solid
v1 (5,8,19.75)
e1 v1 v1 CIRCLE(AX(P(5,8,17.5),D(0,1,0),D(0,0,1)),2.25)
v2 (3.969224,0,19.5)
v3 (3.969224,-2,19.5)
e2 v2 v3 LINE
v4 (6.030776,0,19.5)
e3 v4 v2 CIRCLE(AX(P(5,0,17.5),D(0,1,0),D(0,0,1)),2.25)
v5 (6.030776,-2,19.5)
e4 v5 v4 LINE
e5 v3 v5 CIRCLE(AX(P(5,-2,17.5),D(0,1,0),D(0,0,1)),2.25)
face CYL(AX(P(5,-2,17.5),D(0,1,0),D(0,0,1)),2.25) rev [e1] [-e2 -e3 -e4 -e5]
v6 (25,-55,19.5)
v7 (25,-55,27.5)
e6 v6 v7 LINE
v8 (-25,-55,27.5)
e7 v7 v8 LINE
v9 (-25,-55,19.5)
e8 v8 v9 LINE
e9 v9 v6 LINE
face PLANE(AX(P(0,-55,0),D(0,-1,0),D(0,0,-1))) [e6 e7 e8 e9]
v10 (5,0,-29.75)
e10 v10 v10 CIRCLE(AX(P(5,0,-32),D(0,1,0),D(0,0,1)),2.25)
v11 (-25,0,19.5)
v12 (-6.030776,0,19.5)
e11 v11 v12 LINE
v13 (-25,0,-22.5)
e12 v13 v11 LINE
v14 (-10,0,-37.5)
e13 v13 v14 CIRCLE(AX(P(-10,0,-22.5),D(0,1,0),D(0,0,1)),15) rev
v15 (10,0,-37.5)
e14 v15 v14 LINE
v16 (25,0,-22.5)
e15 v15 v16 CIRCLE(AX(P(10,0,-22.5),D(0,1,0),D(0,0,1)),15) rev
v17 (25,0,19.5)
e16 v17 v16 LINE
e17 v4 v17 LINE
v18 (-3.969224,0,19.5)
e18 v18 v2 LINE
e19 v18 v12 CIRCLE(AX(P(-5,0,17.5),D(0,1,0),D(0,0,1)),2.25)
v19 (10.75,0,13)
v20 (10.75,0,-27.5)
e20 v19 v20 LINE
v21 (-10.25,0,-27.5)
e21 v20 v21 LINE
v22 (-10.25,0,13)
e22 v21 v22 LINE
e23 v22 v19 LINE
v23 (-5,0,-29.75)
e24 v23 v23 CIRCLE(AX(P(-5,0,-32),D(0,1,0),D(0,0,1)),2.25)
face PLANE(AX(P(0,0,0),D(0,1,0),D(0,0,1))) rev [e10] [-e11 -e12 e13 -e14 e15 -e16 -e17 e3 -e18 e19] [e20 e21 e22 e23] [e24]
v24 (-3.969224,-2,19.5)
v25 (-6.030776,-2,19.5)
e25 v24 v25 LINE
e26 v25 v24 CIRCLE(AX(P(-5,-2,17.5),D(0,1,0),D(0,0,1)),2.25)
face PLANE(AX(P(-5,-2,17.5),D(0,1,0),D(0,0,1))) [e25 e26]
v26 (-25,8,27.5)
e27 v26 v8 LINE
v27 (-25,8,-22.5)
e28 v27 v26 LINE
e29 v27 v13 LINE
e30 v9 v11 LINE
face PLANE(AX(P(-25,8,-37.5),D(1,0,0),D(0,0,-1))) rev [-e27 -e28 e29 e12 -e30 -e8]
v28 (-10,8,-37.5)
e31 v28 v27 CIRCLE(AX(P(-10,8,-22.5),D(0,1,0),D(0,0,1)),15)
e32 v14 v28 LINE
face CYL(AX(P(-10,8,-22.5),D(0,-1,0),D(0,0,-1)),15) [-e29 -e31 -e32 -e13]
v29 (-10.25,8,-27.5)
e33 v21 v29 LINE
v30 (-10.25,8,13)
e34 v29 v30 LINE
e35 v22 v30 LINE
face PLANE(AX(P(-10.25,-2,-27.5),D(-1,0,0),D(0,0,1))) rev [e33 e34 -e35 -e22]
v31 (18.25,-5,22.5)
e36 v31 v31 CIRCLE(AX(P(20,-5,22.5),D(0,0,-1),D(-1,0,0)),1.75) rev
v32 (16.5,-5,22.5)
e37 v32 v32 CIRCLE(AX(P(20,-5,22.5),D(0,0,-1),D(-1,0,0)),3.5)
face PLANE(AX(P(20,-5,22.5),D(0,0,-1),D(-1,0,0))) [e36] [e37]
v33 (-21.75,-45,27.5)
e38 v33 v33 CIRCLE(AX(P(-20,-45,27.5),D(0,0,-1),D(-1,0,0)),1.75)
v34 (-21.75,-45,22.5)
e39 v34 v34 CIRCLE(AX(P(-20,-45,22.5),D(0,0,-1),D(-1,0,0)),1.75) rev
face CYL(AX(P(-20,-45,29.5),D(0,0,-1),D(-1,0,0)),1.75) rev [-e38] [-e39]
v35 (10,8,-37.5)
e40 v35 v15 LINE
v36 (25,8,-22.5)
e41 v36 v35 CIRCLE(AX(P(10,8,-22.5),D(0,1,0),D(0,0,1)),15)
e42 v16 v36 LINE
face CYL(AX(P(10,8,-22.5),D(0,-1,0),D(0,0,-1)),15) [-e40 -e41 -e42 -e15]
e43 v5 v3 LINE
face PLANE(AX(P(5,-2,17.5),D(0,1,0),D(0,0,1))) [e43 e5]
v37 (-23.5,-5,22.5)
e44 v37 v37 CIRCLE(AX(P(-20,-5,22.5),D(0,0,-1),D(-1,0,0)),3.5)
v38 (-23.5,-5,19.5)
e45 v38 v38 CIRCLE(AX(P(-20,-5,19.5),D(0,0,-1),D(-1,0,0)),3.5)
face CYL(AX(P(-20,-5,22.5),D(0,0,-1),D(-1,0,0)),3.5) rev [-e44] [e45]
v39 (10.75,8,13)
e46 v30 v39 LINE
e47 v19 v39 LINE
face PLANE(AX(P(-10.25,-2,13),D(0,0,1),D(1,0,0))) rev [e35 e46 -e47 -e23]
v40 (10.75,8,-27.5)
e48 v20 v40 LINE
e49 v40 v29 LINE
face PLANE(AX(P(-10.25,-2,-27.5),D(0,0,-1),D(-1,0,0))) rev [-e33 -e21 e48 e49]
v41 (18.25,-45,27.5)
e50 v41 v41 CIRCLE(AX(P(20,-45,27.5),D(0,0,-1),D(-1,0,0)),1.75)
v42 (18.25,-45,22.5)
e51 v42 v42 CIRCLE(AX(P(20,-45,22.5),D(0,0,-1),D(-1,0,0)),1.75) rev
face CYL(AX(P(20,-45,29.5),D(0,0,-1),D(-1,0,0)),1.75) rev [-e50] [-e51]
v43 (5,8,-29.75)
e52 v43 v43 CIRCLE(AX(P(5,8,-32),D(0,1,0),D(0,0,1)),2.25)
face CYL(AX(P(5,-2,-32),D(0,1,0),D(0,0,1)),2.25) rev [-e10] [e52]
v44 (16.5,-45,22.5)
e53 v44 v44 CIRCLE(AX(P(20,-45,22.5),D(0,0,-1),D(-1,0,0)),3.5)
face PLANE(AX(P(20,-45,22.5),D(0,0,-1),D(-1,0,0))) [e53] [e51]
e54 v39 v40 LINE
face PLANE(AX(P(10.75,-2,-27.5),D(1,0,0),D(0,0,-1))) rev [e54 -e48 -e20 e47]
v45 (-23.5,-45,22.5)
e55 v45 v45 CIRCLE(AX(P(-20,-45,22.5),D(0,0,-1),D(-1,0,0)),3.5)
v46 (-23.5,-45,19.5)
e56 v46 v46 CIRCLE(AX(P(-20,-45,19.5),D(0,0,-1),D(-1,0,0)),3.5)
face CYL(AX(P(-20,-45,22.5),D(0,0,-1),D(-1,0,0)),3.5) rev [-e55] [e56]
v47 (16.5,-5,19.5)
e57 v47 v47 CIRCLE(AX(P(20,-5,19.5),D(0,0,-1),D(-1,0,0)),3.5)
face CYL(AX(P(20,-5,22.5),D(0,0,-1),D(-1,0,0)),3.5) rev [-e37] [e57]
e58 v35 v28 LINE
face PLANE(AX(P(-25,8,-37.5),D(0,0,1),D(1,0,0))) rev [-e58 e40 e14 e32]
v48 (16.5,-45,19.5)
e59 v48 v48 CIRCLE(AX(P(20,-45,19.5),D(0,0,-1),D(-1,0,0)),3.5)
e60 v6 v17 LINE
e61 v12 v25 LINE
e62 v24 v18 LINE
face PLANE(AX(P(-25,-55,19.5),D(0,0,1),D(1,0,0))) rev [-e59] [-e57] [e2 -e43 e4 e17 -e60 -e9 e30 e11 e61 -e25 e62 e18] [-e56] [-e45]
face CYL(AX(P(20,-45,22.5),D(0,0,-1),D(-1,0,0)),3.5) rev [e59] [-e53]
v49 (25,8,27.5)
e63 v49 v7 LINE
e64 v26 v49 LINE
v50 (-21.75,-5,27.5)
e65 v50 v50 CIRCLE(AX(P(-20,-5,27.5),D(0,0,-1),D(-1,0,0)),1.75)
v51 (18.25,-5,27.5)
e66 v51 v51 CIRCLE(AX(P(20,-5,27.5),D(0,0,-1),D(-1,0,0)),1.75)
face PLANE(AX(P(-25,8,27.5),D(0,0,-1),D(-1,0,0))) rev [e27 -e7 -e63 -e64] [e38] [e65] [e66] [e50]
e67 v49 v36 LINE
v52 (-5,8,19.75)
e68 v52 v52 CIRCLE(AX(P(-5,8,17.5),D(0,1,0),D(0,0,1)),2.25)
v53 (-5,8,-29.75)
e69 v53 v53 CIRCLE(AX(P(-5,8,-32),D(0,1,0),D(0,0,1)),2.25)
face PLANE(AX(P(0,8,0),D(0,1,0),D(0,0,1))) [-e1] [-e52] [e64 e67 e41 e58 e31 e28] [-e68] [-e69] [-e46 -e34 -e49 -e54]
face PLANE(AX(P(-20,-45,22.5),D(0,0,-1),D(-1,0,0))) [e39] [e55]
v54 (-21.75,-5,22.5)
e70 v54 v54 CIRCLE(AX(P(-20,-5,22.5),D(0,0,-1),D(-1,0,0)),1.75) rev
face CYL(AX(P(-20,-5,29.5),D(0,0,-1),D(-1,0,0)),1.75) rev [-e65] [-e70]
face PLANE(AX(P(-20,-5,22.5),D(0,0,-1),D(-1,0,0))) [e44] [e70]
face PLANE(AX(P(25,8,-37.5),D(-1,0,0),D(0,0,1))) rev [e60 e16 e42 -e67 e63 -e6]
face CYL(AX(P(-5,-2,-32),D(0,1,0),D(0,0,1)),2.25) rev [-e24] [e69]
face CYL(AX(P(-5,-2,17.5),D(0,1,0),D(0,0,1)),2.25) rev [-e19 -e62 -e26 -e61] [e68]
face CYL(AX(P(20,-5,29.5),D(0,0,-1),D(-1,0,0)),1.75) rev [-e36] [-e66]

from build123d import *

# Parameters (mm, degrees)
SKETCH2_W           = 50
SKETCH2_H           = 65
BOSS_EXTRUDE1_DEPTH = 8
SKETCH4_W           = 50
SKETCH4_H           = 8
BOSS_EXTRUDE2_DEPTH = 55
SKETCH6_R           = 1.75
CUT_EXTRUDE1_DEPTH  = 10
SKETCH7_R           = 3.5
CUT_EXTRUDE2_DEPTH  = 3
SKETCH9_W           = 21
SKETCH9_H           = 40.5
CUT_EXTRUDE3_DEPTH  = 10
SKETCH10_R          = 2.25
CUT_EXTRUDE4_DEPTH  = 10
FILLET1_R           = 15
FILLET2_R           = 15


with BuildPart() as part:
    # Sketch2 → Boss-Extrude1 (new body)
    with BuildSketch(Plane(origin=(0, 0, 0), x_dir=(1, 0, 0), z_dir=(0, 1, 0))):
        with Locations((0, 5)):
            Rectangle(SKETCH2_W, SKETCH2_H)
    extrude(amount=BOSS_EXTRUDE1_DEPTH)

    # Sketch4 → Boss-Extrude2 (add)
    with BuildSketch(Plane(origin=(0, 0, 0), x_dir=(-1, 0, 0), z_dir=(0, -1, 0))):
        with Locations((0, -23.5)):
            Rectangle(SKETCH4_W, SKETCH4_H)
    extrude(amount=BOSS_EXTRUDE2_DEPTH)

    # Sketch6 → Cut-Extrude1 (cut)
    with BuildSketch(Plane(origin=(0, 0, 19.5), x_dir=(-1, 0, 0), z_dir=(0, 0, -1))):
        with Locations((-20, -5)):
            Circle(SKETCH6_R)
        with Locations((20, -5)):
            Circle(SKETCH6_R)
        with Locations((-20, -45)):
            Circle(SKETCH6_R)
        with Locations((20, -45)):
            Circle(SKETCH6_R)
    extrude(amount=-CUT_EXTRUDE1_DEPTH, mode=Mode.SUBTRACT)

    # Sketch7 → Cut-Extrude2 (cut)
    with BuildSketch(Plane(origin=(0, 0, 19.5), x_dir=(-1, 0, 0), z_dir=(0, 0, -1))):
        with Locations((-20, -5)):
            Circle(SKETCH7_R)
        with Locations((20, -5)):
            Circle(SKETCH7_R)
        with Locations((20, -45)):
            Circle(SKETCH7_R)
        with Locations((-20, -45)):
            Circle(SKETCH7_R)
    extrude(amount=-CUT_EXTRUDE2_DEPTH, mode=Mode.SUBTRACT)

    # Sketch9 → Cut-Extrude3 (cut)
    with BuildSketch(Plane(origin=(0, 8, 0), x_dir=(1, 0, 0), z_dir=(0, 1, 0))):
        with Locations((0.25, 7.25)):
            Rectangle(SKETCH9_W, SKETCH9_H)
    extrude(amount=-CUT_EXTRUDE3_DEPTH, mode=Mode.SUBTRACT)

    # Sketch10 → Cut-Extrude4 (cut)
    with BuildSketch(Plane(origin=(0, 8, 0), x_dir=(1, 0, 0), z_dir=(0, 1, 0))):
        with Locations(Location((-5, 32, 0), (0, 0, 270))):
            Circle(SKETCH10_R)
        with Locations(Location((5, 32, 0), (0, 0, 270))):
            Circle(SKETCH10_R)
        with Locations(Location((-5, -17.5, 0), (0, 0, 270))):
            Circle(SKETCH10_R)
        with Locations(Location((5, -17.5, 0), (0, 0, 270))):
            Circle(SKETCH10_R)
    extrude(amount=-CUT_EXTRUDE4_DEPTH, mode=Mode.SUBTRACT)

    # Fillet1
    fillet1_edges = [part.edges().sort_by_distance(p)[0] for p in [
        (25, 4, -37.5),
    ]]
    fillet(fillet1_edges, radius=FILLET1_R)

    # Fillet2
    fillet2_edges = [part.edges().sort_by_distance(p)[0] for p in [
        (-25, 4, -37.5),
    ]]
    fillet(fillet2_edges, radius=FILLET2_R)


solid = part.part
